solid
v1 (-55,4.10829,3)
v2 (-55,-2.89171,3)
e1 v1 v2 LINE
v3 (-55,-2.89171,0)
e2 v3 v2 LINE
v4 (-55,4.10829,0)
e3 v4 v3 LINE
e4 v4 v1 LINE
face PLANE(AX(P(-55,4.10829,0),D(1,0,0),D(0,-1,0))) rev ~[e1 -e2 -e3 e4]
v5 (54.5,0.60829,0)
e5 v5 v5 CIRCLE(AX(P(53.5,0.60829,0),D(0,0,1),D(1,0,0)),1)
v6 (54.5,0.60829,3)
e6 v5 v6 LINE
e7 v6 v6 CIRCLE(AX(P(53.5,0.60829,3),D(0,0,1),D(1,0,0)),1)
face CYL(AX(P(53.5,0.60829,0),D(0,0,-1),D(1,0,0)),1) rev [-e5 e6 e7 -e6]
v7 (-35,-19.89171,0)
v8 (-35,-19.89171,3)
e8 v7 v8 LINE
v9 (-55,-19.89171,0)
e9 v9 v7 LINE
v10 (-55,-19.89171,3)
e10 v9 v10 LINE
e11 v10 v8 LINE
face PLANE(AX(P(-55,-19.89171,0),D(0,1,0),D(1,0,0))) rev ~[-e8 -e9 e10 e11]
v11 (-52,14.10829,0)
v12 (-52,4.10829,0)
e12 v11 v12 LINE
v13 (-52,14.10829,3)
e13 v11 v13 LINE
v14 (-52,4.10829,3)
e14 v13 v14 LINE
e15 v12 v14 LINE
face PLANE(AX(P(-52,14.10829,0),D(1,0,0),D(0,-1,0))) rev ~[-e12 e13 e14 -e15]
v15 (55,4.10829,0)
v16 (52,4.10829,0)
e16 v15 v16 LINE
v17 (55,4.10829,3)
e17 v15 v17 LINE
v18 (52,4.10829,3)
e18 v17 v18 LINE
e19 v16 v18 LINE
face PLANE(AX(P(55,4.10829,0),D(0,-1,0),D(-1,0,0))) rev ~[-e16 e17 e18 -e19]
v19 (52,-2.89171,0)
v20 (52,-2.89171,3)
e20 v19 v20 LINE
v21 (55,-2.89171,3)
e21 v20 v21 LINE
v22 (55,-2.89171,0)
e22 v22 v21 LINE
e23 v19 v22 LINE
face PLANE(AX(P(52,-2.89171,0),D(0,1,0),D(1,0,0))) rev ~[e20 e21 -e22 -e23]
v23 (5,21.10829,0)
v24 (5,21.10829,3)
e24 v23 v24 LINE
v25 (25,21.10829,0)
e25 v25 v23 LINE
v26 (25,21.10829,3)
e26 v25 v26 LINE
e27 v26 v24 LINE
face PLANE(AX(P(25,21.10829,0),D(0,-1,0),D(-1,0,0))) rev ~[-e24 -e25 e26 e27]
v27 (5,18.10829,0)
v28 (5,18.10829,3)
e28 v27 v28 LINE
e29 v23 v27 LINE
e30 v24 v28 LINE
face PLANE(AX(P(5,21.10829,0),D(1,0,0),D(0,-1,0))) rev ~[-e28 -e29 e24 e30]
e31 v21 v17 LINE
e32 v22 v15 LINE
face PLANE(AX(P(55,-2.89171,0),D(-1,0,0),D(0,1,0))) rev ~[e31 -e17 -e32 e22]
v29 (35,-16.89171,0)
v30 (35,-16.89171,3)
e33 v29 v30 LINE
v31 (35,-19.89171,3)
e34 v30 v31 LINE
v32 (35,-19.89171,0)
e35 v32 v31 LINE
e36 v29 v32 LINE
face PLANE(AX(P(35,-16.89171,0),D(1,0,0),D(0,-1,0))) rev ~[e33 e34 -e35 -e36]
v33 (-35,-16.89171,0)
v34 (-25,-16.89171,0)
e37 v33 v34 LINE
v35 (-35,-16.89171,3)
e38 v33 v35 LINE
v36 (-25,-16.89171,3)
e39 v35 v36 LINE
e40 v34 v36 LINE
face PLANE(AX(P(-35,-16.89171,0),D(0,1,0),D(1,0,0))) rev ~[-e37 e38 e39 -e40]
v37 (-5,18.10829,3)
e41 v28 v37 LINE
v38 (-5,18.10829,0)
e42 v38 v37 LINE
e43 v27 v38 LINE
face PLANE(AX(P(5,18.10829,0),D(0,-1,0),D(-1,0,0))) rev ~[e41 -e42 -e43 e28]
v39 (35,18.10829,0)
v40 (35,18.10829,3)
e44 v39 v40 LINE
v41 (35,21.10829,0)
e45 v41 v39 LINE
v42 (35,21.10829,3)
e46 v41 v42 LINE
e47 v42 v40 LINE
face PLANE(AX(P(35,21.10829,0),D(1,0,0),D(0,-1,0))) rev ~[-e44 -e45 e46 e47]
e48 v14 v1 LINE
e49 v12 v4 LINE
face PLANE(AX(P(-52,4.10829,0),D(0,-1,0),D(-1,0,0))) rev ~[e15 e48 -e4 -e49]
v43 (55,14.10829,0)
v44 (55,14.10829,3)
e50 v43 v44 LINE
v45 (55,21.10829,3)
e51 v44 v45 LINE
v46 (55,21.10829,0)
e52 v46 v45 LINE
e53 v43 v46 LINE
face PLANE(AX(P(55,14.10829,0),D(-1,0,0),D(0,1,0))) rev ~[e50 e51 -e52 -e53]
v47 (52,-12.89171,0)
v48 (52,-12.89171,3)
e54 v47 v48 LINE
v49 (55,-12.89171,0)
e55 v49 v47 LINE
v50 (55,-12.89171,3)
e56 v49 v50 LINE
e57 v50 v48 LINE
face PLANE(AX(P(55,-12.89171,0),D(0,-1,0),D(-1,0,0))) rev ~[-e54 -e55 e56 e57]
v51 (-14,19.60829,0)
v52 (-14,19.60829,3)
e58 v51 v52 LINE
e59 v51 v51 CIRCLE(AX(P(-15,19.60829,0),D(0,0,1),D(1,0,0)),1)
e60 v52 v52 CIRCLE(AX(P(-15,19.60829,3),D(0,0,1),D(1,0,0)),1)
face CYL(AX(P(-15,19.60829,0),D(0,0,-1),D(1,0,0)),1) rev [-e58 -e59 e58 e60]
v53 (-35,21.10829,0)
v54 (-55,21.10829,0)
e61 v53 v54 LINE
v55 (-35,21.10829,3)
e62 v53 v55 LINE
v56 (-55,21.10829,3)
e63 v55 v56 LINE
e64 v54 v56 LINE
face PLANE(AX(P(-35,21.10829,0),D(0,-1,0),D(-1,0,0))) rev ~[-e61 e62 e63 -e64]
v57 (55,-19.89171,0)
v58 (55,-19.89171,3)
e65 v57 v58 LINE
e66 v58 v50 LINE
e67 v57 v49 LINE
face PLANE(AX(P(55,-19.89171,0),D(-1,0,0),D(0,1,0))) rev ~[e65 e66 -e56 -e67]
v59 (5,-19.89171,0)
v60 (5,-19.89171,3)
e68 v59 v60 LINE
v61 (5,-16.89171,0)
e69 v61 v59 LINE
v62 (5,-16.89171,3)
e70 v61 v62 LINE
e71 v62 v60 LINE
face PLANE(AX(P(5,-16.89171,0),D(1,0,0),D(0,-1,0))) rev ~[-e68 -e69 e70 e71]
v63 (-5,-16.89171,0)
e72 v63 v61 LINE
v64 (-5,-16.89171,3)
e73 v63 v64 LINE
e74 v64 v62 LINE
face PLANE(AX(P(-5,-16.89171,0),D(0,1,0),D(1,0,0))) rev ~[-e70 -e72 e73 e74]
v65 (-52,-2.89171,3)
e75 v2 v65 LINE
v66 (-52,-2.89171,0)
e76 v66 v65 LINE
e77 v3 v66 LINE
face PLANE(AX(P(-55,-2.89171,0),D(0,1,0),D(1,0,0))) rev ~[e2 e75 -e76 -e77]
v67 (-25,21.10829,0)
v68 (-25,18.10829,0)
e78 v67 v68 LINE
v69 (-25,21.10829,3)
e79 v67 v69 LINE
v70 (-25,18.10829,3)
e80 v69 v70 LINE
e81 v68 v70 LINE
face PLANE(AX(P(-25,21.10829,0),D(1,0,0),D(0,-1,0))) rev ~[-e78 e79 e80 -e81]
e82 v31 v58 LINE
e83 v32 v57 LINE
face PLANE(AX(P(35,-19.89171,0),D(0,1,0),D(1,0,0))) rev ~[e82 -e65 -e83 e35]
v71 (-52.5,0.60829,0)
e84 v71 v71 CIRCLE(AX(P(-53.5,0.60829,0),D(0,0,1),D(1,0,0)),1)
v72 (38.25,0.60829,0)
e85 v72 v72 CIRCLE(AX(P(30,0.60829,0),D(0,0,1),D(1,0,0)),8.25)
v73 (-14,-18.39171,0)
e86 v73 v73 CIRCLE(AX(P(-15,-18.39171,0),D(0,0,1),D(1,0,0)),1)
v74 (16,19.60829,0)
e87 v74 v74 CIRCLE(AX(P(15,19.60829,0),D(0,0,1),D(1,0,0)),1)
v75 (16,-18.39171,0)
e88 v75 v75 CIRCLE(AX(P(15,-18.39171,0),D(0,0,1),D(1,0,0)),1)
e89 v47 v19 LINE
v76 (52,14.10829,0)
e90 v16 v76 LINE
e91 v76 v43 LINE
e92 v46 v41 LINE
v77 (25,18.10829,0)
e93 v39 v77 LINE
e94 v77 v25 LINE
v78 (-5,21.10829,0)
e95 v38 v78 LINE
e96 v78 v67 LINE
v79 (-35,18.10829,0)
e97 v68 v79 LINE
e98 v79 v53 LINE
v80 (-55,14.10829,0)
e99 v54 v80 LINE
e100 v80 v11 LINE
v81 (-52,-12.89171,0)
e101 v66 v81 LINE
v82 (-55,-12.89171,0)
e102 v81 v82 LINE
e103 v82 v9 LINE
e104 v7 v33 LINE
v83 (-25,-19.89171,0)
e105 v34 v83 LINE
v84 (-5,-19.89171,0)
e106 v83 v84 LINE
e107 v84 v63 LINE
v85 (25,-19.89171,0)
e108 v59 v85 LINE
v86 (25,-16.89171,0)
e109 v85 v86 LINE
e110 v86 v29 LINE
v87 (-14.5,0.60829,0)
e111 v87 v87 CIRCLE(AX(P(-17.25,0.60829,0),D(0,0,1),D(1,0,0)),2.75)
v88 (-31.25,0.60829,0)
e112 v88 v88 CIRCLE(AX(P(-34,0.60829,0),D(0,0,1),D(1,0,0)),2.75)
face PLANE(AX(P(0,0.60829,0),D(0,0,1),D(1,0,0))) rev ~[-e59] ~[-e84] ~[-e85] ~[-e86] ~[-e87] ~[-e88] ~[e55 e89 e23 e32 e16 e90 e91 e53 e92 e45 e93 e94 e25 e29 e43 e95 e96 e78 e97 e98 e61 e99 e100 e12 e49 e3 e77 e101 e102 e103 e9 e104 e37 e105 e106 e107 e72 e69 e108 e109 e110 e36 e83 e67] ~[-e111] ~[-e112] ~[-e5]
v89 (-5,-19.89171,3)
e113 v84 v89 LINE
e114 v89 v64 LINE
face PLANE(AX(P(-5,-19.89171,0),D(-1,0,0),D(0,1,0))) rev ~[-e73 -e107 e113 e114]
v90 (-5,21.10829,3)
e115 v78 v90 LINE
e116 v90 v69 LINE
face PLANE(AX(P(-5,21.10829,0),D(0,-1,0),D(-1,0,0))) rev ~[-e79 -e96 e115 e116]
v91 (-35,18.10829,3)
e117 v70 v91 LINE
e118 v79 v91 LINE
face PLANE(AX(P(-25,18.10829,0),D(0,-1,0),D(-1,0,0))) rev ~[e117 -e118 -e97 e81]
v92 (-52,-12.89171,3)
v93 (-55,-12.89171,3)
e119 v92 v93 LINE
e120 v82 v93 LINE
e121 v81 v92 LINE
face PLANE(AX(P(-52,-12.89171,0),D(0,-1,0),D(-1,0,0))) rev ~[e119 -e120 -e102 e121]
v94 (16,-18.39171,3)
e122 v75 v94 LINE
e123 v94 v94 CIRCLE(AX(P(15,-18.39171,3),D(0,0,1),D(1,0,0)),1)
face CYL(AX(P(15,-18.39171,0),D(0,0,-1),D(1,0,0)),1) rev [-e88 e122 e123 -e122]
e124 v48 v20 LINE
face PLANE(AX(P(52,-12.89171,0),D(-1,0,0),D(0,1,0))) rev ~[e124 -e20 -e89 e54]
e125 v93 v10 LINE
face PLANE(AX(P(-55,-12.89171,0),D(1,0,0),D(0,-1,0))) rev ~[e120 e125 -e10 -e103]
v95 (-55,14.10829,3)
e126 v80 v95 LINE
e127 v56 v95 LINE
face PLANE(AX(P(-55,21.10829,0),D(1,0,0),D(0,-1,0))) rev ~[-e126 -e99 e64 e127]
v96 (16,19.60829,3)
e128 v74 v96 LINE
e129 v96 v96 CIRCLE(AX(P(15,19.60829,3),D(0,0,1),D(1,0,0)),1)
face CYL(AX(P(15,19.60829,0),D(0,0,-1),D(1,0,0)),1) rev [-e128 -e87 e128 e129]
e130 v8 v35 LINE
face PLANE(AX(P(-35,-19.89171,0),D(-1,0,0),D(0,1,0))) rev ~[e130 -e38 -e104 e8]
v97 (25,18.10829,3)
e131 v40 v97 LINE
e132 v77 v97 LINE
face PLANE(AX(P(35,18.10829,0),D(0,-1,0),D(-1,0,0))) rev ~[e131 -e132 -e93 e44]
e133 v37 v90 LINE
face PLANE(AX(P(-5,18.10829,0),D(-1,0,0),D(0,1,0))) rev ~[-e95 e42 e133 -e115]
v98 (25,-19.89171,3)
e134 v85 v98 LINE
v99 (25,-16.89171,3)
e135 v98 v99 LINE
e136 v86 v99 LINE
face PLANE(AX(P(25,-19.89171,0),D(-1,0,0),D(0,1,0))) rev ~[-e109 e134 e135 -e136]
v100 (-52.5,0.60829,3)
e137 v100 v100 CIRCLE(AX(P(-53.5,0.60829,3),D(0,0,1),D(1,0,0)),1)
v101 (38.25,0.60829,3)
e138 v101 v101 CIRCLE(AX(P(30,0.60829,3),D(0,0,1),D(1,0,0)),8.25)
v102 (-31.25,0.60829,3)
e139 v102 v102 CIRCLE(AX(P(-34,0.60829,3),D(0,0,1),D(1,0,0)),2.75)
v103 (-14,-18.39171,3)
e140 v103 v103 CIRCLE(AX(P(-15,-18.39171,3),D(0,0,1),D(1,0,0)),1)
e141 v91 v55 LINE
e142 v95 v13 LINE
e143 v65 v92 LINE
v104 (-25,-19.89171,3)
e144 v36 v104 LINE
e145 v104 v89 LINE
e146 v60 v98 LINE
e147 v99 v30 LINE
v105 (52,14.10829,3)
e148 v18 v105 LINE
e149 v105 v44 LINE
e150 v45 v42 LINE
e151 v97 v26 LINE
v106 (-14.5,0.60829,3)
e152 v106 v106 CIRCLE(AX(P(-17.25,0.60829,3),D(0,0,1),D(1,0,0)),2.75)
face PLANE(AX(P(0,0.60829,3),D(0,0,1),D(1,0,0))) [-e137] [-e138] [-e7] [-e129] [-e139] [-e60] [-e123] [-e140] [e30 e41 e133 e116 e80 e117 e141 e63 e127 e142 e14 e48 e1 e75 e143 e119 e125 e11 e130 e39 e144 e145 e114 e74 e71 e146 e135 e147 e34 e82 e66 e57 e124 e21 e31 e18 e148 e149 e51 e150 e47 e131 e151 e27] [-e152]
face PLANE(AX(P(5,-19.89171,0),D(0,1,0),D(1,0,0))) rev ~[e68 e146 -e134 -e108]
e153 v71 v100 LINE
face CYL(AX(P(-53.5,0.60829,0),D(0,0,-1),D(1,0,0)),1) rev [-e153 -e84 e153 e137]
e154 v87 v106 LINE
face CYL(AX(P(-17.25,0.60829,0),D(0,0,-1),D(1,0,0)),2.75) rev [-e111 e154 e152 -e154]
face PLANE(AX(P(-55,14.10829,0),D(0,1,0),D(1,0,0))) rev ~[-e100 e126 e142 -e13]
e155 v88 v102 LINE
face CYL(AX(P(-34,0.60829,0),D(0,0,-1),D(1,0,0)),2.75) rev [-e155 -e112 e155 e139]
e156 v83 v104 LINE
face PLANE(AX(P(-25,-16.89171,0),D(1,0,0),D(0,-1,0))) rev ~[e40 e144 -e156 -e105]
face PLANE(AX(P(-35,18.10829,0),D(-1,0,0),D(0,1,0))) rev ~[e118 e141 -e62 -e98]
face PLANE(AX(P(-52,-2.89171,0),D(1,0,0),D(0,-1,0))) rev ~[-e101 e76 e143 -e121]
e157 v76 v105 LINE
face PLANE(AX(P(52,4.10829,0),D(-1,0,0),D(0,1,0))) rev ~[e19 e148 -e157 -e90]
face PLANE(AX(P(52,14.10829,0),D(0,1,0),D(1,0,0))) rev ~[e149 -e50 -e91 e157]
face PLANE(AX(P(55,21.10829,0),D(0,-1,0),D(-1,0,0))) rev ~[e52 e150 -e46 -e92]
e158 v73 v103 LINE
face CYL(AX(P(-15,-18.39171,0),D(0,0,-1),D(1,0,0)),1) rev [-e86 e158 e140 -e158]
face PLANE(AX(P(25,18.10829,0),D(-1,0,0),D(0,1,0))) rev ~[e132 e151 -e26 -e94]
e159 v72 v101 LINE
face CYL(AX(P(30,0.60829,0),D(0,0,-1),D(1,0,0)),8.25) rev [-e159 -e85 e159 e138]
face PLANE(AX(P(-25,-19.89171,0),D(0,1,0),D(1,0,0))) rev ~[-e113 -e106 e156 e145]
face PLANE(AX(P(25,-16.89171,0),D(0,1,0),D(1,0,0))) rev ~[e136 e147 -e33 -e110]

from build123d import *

# Parameters (mm, degrees)
F0_R     = 1
F0_R_2   = 2.75
F0_R_3   = 8.25
F1_DEPTH = 3


with BuildPart() as f1:
    # F0 (on Top) → F1 (new body)
    with BuildSketch(Plane.XY):
        Polygon((-35, 21.10829), (-55, 21.10829), (-55, 14.10829), (-52, 14.10829), (-52, 4.10829), (-55, 4.10829), (-55, 0.60829), (-55, -2.89171), (-52, -2.89171), (-52, -12.89171), (-55, -12.89171), (-55, -19.89171), (-35, -19.89171), (-35, -16.89171), (-25, -16.89171), (-25, -19.89171), (-5, -19.89171), (-5, -16.89171), (0, -16.89171), (5, -16.89171), (5, -19.89171), (25, -19.89171), (25, -16.89171), (35, -16.89171), (35, -19.89171), (55, -19.89171), (55, -12.89171), (52, -12.89171), (52, -2.89171), (55, -2.89171), (55, 0.60829), (55, 4.10829), (52, 4.10829), (52, 14.10829), (55, 14.10829), (55, 21.10829), (35, 21.10829), (35, 18.10829), (25, 18.10829), (25, 21.10829), (5, 21.10829), (5, 18.10829), (0, 18.10829), (-5, 18.10829), (-5, 21.10829), (-25, 21.10829), (-25, 18.10829), (-35, 18.10829), align=None)
        with Locations((-15, -18.39171)):
            Circle(F0_R, mode=Mode.SUBTRACT)
        with Locations((-53.5, 0.60829)):
            Circle(F0_R, mode=Mode.SUBTRACT)
        with Locations((-34, 0.60829)):
            Circle(F0_R_2, mode=Mode.SUBTRACT)
        with Locations((-17.25, 0.60829)):
            Circle(F0_R_2, mode=Mode.SUBTRACT)
        with Locations((15, -18.39171)):
            Circle(F0_R, mode=Mode.SUBTRACT)
        with Locations((53.5, 0.60829)):
            Circle(F0_R, mode=Mode.SUBTRACT)
        with Locations((-15, 19.60829)):
            Circle(F0_R, mode=Mode.SUBTRACT)
        with Locations((30, 0.60829)):
            Circle(F0_R_3, mode=Mode.SUBTRACT)
        with Locations((15, 19.60829)):
            Circle(F0_R, mode=Mode.SUBTRACT)
    extrude(amount=F1_DEPTH)


solid = f1.part
